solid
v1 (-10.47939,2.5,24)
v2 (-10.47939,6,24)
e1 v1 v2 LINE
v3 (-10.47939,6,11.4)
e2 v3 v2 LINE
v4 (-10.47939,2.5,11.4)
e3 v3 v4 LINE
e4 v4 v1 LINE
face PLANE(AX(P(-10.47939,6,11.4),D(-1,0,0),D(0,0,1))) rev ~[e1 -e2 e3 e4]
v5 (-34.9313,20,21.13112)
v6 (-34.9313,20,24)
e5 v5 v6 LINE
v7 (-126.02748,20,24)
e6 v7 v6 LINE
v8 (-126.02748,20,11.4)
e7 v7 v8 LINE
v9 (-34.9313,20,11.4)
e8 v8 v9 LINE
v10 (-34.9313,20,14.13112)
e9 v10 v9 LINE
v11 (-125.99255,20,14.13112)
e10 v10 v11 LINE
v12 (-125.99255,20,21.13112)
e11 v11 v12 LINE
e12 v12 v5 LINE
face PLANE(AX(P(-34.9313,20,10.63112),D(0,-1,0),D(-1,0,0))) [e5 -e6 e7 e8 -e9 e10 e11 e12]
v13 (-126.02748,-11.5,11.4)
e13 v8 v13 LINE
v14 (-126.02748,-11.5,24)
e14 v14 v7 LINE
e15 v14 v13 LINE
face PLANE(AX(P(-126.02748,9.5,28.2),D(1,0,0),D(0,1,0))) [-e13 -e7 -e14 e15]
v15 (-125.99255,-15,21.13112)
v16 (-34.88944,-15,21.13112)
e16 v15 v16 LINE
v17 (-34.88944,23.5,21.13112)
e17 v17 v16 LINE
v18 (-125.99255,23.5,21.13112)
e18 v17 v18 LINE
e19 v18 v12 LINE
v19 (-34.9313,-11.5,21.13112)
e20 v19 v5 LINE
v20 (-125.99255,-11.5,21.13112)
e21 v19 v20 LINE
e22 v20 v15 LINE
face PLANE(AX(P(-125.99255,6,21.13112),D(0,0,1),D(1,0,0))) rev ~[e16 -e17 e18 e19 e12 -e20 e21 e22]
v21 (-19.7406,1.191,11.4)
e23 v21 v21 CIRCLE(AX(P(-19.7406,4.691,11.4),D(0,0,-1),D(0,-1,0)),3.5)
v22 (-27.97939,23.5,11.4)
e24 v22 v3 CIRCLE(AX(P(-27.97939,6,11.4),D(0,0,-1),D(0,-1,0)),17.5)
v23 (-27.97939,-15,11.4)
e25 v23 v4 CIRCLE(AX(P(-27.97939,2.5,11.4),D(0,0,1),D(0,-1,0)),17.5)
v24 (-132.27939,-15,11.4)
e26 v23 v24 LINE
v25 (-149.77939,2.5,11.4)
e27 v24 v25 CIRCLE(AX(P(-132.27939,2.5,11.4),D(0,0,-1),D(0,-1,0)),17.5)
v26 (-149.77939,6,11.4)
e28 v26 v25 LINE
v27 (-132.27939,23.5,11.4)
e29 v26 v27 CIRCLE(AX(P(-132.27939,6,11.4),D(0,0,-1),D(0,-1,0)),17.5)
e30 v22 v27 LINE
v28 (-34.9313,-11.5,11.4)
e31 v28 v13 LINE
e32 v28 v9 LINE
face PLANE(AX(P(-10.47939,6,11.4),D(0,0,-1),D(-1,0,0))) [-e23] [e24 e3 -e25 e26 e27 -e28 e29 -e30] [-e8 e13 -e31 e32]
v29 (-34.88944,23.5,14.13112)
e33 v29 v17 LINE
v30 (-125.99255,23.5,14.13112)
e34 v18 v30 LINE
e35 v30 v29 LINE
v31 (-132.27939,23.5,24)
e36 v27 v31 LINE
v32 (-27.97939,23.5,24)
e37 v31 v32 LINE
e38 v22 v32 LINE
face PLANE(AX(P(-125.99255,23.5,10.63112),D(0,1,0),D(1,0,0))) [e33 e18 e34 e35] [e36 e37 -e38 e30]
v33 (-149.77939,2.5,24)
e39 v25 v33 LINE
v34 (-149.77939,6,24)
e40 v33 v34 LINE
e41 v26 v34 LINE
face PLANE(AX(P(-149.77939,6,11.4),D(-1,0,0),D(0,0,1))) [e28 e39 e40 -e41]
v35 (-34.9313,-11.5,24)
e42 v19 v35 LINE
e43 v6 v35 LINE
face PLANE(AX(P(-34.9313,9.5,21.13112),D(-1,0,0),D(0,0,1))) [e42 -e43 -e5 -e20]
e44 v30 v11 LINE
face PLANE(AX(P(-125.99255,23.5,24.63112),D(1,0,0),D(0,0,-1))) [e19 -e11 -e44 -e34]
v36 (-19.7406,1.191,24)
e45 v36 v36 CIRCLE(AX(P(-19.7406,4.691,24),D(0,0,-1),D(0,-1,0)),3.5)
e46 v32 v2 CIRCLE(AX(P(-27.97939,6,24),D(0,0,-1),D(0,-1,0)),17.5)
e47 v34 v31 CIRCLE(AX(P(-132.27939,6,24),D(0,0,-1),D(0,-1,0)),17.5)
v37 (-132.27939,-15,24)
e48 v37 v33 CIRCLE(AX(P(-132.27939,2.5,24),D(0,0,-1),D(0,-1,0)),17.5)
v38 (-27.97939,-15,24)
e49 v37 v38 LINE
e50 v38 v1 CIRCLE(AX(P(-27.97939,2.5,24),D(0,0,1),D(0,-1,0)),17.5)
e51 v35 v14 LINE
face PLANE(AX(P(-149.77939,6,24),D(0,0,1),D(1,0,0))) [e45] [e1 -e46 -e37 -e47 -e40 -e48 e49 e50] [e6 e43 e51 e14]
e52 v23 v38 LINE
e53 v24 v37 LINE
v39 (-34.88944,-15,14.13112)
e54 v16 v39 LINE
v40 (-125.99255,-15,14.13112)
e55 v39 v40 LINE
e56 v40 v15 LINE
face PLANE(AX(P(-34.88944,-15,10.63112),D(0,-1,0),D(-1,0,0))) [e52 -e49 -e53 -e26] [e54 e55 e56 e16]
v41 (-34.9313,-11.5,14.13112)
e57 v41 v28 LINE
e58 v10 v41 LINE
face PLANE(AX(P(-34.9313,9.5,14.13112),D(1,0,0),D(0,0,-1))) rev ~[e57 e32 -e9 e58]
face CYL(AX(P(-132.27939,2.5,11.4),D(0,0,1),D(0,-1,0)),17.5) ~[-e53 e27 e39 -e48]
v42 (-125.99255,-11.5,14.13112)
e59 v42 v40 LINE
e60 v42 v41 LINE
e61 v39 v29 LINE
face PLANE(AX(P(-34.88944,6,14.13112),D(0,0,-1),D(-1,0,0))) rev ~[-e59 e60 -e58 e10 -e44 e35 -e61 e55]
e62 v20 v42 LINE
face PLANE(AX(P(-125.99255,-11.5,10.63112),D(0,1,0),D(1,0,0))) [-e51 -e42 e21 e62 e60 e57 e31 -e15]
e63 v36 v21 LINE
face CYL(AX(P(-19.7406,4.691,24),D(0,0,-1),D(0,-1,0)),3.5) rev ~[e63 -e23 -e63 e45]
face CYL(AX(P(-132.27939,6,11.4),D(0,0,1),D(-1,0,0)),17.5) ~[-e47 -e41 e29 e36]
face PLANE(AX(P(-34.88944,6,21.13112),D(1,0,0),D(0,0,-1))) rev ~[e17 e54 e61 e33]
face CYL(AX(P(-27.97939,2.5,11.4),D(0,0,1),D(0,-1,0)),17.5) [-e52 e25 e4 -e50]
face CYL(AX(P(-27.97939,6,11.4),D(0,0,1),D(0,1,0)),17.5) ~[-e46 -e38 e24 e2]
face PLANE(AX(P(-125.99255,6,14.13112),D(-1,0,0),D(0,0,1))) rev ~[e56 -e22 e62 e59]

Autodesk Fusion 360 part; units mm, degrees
sketch "Sketch1" plane through (0, 0, 0) normal (0, 0, 1) x (1, 0, 0)
  line L0 (0, 0) -> (-200, 0)
  line L1 (-200, 0) -> (-200, 25)
  line L2 (-200, 25) -> (0, 25)
  line L3 (0, 25) -> (0, 0)
extrude "Extrude1" add sketch "Sketch1" along normal blind 30
ref_plane "WorkPlane2" through (-100, 12.5, 15) normal (1, 0, 0) x (0, 1, 0)
sketch "Sketch2" plane through (0, 0, 0) normal (0, -1, 0) x (1, 0, 0)
  line L0 (-200, 0) -> (0, 0)
  line L1 (0, 0) -> (0, 30)
  line L2 (0, 30) -> (-200, 30)
  line L3 (-200, 30) -> (-200, 0)
ref_plane "WorkPlane1" through (-100, 12.5, 15) normal (0, 0, 1) x (1, 0, 0)
sketch "Sketch3" plane through (0, 0, 15) normal (0, 0, 1) x (1, 0, 0)
  line L0 (-200, 25) -> (-180, 25)
  line L1 (-180, 25) -> (-180, 0)
  line L2 (-180, 0) -> (-200, 0)
  line L3 (-200, 0) -> (-200, 25)
extrude "Extrude2" cut 1 faces at (-200, 8.3333, 20) along direction (1, 0, 0) blind 1
sketch "Sketch4" plane through (0, 0, 30) normal (0, 0, 1) x (-1, 0, 0)
  line L0 (0, -25) -> (199, -25)
  line L1 (199, 0) -> (0, 0)
  line L2 (0, 0) -> (22, 0)
  line L3 (22, 0) -> (22, -25)
  line L4 (22, -25) -> (0, -25)
  line L5 (0, -25) -> (0, 0)
  line L6 (199, -25) -> (199, 0)
  line L7 (0, 0) -> (0, -25)
extrude "Extrude3" cut sketch "Sketch4" against normal blind 6 contours L0 L1 L2 L3 L4 L5 L7
sketch "Sketch5" plane through (0, 0, 0) normal (0, 0, -1) x (1, 0, 0)
  line L0 (0, 0) -> (-199, 0)
  line L1 (-199, -25) -> (0, -25)
  line L2 (0, 0) -> (-22, 0)
  line L3 (-22, 0) -> (-22, -25)
  line L4 (-22, -25) -> (0, -25)
  line L5 (0, -25) -> (0, 0)
  line L6 (-199, 0) -> (-199, -25)
  line L7 (0, -25) -> (0, 0)
extrude "Extrude4" cut sketch "Sketch5" against normal blind 6 contours L0 L1 L2 L3 L4 L5 L7
sketch "Sketch6" plane through (0, 0, 30) normal (0, 0, 1) x (-1, 0, 0)
  line L0 (199, 0) -> (22, 0)
  line L1 (22, 0) -> (22, -25)
  line L2 (22, -25) -> (199, -25)
  line L3 (34.9313, -5) -> (165.0687, -5)
  line L4 (165.0687, -5) -> (165.0687, -20)
  line L5 (165.0687, -20) -> (34.9313, -20)
  line L6 (34.9313, -20) -> (34.9313, -5)
  line L7 (199, -25) -> (199, 0)
extrude "Extrude5" cut sketch "Sketch6" against normal blind 43 contours L3 L4 L5 L6
sketch "Sketch7" plane through (0, 25, 0) normal (0, 1, 0) x (-1, 0, 0)
  line L0 (199, 30) -> (22, 30)
  line L1 (22, 30) -> (22, 24)
  line L2 (22, 24) -> (0, 24)
  line L3 (0, 6) -> (22, 6)
  line L4 (22, 6) -> (22, 0)
  line L5 (22, 0) -> (199, 0)
  line L6 (34.8715, 24.9016) -> (165.0188, 24.9016)
  line L7 (165.0188, 24.9016) -> (165.0188, 4.9016)
  line L8 (165.0188, 4.9016) -> (34.8715, 4.9016)
  line L9 (34.8715, 4.9016) -> (34.8715, 24.9016)
  line L10 (199, 0) -> (199, 30)
  line L11 (0, 24) -> (0, 6)
  dimension "d20" = 20
extrude "Extrude6" cut sketch "Sketch7" against normal blind 50 contours L6 L7 L8 L9
sketch "Sketch8" plane through (0, 25, 0) normal (0, 1, 0) x (-1, 0, 0)
sketch "Sketch9" plane through (0, 0, 30) normal (0, 0, 1) x (-1, 0, 0)
  line L0 (165.0687, -5) -> (165.0687, -20)
  line L1 (165.0687, -20) -> (34.9313, -20)
  line L2 (34.9313, -20) -> (34.9313, -5)
  line L3 (34.9313, -5) -> (165.0687, -5)
  line L4 (199, 0) -> (22, 0)
  line L5 (22, 0) -> (22, -25)
  line L6 (22, -25) -> (199, -25)
  line L7 (22, -17.5) -> (37.5, -25)
  line L8 (22, -25) -> (37.5, -25)
  line L9 (22, -25) -> (22, -17.5)
  line L10 (199, -25) -> (199, 0)
ref_plane "WorkPlane3" through (-99.5, 12.5, 15) normal (0, 1, 0) x (-1, 0, 0)
sketch "Sketch10" plane through (0, 0, 30) normal (0, 0, 1) x (-1, 0, 0)
extrude "Extrude7" add 1 faces at (-78.2739, 1.6667, 24.9016) along direction (0, 0, -1) blind 5
extrude "Extrude8" add 1 faces at (-78.2739, 1.6667, 4.9016) along direction (0, 0, 1) blind 5
sketch "Sketch11" plane through (-22, 0, 0) normal (1, 0, 0) x (0, 1, 0)
  line L0 (25, 30) -> (0, 30)
  line L1 (0, 30) -> (0, 24)
  line L2 (0, 24) -> (25, 24)
  line L3 (25, 24) -> (25, 30)
  line L4 (0, 30) -> (25, 30)
  line L5 (25, 30) -> (25, 24)
  line L6 (25, 24) -> (0, 24)
  line L7 (0, 24) -> (0, 30)
  line L8 (0, 6) -> (25, 6)
  line L9 (25, 6) -> (25, 0)
  line L10 (25, 0) -> (0, 0)
  line L11 (0, 0) -> (0, 6)
extrude "Extrude9" cut sketch "Sketch11" against normal blind 220
sketch "Sketch12" plane through (0, 0, 24) normal (0, 0, 1) x (-1, 0, 0)
  line L0 (34.9313, -5) -> (165.0687, -5)
  line L1 (165.0687, -5) -> (165.0687, -20)
  line L2 (165.0687, -20) -> (34.9313, -20)
  line L3 (34.9313, -20) -> (34.9313, -5)
  line L4 (0, -25) -> (199, -25)
  line L5 (199, 0) -> (0, 0)
  line L6 (25, -25) -> (25, 0)
  line L7 (199, -25) -> (199, 0)
  line L8 (0, 0) -> (0, -25)
extrude "Extrude10" add 1 faces at (-187.6729, 0, 16.6339) along direction (0, -1, 0) blind 30
sketch "Sketch13" plane through (0, 0, 24) normal (0, 0, 1) x (-1, 0, 0)
  line L0 (34.9313, -5) -> (165.0687, -5)
  line L1 (165.0687, -5) -> (165.0687, -20)
  line L2 (165.0687, -20) -> (34.9313, -20)
  line L3 (34.9313, -20) -> (34.9313, -5)
  line L4 (0, -25) -> (199, -25)
  line L5 (199, 30) -> (0, 30)
  line L6 (165, -5) -> (35, -5)
  line L7 (35, -5) -> (35, 25)
  line L8 (35, 25) -> (165, 25)
  line L9 (165, 25) -> (165, -5)
  line L10 (35, -5) -> (165, -5)
  line L11 (165, -5) -> (165, 25)
  line L12 (165, 25) -> (35, 25)
  line L13 (35, 25) -> (35, -5)
  line L14 (199, -25) -> (199, 30)
  line L15 (0, 30) -> (0, -25)
sketch "Sketch14" plane through (0, 0, 24) normal (0, 0, 1) x (-1, 0, 0)
  line L0 (34.9313, -5) -> (165.0687, -5)
  line L1 (165.0687, -5) -> (165.0687, -20)
  line L2 (165.0687, -20) -> (34.9313, -20)
  line L3 (34.9313, -20) -> (34.9313, -5)
  line L4 (0, -25) -> (199, -25)
  line L5 (199, 30) -> (0, 30)
  line L6 (165, -5) -> (35, -5)
  line L7 (35, -5) -> (35, 25)
  line L8 (35, 25) -> (165, 25)
  line L9 (165, 25) -> (165, -5)
  line L10 (35, 25) -> (165, 25)
  line L11 (165, 25) -> (165, -5)
  line L12 (165, -5) -> (35, -5)
  line L13 (35, -5) -> (35, 25)
  line L14 (199, -25) -> (199, 30)
  line L15 (0, 30) -> (0, -25)
extrude "Extrude11" cut 1 faces at (-121.6729, 5, 22.6339) along direction (0, -1, 0) blind 30
fillet "Fillet3" radius 25 2 edges at (0, 25, 15) (0, -30, 15)
fillet "Fillet4" radius 25 2 edges at (-199, 25, 15) (-199, -30, 15)
hole "Hole2" at (-13.2303, -1.87, 24) direction (0, 0, -1) diameter 10 depth 40 tip angle 118
scale "Scale1" factor 0.7 about (-34.9313, 20, 24) bodies 1
